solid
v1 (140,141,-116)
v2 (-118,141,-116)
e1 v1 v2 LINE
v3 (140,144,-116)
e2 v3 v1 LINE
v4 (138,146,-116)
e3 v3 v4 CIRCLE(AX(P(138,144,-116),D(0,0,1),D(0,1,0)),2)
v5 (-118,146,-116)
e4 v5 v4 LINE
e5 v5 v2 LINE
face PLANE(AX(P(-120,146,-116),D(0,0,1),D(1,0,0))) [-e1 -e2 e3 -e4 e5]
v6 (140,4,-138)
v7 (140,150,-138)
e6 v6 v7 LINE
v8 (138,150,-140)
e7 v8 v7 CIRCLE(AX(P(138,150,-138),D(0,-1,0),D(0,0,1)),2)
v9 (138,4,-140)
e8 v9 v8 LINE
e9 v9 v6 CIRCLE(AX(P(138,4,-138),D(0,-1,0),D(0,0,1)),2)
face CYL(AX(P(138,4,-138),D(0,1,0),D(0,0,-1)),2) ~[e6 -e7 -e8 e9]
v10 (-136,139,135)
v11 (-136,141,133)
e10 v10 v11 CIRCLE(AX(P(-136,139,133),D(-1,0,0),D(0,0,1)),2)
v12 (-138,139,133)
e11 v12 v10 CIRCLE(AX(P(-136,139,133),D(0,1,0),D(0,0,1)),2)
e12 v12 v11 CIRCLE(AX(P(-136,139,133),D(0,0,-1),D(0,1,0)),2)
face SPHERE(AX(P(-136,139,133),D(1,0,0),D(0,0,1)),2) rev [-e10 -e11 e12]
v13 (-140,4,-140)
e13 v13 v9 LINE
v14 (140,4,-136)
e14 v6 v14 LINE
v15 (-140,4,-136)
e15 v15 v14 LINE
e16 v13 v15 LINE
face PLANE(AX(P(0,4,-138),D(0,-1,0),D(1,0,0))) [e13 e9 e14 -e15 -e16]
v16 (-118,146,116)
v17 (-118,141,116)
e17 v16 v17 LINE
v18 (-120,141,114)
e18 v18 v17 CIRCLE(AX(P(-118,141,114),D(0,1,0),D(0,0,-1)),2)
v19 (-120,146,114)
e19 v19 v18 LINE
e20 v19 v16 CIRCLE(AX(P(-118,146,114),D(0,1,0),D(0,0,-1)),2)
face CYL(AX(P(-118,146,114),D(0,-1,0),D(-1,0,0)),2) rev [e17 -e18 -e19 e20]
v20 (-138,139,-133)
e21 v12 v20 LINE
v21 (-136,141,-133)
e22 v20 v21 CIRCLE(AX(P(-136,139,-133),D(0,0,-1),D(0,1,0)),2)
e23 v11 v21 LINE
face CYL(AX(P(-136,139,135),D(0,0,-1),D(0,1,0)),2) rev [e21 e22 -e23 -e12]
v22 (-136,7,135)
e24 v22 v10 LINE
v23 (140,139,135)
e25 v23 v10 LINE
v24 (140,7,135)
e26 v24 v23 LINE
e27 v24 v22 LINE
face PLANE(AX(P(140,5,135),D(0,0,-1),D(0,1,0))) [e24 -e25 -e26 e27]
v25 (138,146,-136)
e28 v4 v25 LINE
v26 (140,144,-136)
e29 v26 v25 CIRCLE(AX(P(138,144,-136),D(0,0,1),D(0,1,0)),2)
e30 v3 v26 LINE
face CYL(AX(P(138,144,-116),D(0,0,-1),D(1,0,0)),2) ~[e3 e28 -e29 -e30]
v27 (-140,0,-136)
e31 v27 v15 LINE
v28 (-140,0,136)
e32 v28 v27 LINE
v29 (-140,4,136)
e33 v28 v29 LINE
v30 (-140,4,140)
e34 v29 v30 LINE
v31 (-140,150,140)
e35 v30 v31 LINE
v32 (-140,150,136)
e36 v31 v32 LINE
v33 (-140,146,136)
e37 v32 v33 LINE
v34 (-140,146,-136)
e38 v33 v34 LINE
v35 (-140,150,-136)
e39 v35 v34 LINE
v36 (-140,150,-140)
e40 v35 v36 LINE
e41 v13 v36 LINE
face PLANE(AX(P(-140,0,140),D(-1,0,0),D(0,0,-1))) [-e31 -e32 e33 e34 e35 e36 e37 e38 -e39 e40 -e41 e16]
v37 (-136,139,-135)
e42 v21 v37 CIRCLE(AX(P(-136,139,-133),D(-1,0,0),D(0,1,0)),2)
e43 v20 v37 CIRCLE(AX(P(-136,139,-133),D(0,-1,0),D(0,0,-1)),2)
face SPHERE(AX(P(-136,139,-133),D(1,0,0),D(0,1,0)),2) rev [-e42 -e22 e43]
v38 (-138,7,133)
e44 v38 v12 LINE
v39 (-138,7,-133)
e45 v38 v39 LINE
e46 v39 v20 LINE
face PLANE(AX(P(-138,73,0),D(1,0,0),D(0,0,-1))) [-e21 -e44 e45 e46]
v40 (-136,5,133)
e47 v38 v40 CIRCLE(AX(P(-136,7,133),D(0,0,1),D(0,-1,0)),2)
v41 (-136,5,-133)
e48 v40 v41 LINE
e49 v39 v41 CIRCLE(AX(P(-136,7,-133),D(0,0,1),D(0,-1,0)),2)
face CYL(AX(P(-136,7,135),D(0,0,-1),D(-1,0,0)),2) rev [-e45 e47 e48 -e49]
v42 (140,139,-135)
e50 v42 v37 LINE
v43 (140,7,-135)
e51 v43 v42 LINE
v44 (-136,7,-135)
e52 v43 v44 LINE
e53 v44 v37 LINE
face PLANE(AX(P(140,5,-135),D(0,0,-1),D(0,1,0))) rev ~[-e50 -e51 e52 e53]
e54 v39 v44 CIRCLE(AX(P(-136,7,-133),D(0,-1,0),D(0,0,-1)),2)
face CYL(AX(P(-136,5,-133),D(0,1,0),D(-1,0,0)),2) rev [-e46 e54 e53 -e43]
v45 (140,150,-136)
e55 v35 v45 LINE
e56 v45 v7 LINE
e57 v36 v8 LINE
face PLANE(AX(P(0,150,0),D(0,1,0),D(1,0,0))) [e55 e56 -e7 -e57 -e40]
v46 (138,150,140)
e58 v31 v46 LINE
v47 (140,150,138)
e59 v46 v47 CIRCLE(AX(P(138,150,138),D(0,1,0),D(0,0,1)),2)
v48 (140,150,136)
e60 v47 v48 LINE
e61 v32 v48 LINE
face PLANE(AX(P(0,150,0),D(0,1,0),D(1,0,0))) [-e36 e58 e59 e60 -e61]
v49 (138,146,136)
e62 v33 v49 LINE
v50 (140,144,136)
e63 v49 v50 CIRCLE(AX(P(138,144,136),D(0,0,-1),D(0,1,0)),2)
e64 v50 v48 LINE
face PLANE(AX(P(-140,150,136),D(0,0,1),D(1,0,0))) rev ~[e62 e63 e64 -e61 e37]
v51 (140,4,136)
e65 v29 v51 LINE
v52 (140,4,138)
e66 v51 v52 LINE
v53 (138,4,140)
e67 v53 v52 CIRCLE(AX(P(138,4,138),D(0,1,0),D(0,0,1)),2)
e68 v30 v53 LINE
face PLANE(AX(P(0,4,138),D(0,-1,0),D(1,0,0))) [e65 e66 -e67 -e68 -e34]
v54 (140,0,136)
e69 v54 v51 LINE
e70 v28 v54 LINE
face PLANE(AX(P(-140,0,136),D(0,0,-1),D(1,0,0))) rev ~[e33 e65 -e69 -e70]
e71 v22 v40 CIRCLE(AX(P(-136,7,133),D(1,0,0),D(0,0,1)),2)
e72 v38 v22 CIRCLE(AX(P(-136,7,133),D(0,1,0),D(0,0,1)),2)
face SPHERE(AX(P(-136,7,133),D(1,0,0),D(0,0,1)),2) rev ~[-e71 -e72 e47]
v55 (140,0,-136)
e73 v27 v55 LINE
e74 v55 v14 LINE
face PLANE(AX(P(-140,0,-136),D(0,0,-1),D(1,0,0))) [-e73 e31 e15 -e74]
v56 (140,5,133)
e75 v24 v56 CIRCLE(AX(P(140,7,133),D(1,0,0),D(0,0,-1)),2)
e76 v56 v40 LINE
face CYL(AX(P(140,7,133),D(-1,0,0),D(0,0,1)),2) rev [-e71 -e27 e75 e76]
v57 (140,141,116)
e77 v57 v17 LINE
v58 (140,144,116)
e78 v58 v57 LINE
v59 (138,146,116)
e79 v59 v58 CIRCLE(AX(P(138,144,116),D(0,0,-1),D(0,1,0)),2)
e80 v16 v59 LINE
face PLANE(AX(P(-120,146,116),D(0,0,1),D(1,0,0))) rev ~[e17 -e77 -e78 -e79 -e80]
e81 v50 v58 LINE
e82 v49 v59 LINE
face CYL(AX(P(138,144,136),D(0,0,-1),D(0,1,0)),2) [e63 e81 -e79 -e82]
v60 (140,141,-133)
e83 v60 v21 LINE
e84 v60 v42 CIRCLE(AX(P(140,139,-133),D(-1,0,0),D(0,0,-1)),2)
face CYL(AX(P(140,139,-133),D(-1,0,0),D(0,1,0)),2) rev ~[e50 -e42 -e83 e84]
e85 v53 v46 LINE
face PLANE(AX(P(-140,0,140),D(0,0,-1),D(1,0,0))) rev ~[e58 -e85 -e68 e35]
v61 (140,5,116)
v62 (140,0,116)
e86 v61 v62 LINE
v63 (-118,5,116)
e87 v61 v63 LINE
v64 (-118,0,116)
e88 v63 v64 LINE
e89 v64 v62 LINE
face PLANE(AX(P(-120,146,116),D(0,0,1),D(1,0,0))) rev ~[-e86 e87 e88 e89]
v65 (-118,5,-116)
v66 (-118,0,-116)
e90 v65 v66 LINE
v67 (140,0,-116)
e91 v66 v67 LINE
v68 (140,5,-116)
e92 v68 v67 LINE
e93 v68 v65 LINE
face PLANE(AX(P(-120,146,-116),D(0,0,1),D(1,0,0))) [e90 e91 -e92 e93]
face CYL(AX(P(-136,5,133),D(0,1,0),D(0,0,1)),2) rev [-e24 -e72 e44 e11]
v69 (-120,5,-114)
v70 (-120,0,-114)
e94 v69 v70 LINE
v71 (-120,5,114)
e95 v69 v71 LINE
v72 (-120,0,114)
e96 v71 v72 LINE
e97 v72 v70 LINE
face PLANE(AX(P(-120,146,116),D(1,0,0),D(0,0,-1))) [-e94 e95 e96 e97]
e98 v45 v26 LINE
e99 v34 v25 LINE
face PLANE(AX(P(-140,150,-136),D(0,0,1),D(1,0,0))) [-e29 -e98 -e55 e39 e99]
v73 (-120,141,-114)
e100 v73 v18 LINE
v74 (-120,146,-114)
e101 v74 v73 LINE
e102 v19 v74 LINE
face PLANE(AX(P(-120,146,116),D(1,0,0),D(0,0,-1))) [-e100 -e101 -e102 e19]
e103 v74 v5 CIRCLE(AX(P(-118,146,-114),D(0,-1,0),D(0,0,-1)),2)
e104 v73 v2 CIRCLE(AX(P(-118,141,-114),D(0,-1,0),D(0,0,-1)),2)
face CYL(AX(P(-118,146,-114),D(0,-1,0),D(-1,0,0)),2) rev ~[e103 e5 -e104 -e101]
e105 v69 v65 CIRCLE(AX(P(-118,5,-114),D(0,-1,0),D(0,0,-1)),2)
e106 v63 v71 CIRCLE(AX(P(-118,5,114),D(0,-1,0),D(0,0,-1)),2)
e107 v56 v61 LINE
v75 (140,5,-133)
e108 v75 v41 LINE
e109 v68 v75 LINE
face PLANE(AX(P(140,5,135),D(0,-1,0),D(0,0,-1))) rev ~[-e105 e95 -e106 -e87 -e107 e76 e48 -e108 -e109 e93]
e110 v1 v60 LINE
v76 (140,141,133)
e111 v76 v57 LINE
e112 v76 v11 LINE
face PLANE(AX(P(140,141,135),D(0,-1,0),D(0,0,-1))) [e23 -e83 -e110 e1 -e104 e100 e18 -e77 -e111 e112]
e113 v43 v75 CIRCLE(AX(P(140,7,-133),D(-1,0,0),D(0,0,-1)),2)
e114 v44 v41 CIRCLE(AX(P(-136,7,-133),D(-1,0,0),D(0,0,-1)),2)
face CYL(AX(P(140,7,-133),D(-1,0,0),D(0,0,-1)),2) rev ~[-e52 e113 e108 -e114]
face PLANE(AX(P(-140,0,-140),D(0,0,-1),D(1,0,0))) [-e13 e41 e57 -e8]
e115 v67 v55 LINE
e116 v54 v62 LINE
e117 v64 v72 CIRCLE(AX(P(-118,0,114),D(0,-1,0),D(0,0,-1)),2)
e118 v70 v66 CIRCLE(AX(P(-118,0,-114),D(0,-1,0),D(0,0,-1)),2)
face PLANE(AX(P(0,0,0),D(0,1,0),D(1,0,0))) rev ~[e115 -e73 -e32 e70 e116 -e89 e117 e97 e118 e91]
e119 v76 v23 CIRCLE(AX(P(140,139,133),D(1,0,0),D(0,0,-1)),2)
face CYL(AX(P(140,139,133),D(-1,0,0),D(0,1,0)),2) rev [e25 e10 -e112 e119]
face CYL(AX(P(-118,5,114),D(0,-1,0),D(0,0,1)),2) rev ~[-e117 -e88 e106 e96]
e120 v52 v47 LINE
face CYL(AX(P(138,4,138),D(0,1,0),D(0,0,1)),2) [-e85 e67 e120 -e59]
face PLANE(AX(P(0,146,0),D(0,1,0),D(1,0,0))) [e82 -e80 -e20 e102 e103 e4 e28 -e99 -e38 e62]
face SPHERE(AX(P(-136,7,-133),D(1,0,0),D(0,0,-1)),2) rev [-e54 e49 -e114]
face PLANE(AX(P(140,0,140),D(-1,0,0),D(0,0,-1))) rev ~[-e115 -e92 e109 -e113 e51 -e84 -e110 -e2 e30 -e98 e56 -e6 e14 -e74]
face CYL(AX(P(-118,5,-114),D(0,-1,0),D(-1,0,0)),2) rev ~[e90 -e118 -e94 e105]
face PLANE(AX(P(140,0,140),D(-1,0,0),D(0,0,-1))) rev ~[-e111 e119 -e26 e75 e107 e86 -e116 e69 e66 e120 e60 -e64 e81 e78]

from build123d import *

# Parameters (mm, degrees)
SKETCH_1_W          = 280
SKETCH_1_H          = 280
EXTRUDE_1_DEPTH     = 150
SKETCH_2_W          = 280
SKETCH_2_H          = 272
CUT_EXTRUDE_1_DEPTH = 4
SKETCH_3_W          = 280
SKETCH_3_H          = 4
CUT_EXTRUDE_2_DEPTH = 4
SKETCH_4_W          = 270
SKETCH_4_H          = 136
CUT_EXTRUDE_3_DEPTH = 278
SKETCH_6_W          = 260
SKETCH_6_H          = 232
CUT_EXTRUDE_7_DEPTH = 247
FILLET_4_R          = 2
FILLET_5_R          = 2
FILLET_6_R          = 2
FILLET_7_R          = 2


with BuildPart() as part:
    # 草图1 → 凸台-拉伸1 (new body)
    with BuildSketch(Plane(origin=(0, 0, 0), x_dir=(1, 0, 0), z_dir=(0, 1, 0))):
        Rectangle(SKETCH_1_W, SKETCH_1_H)
    extrude(amount=EXTRUDE_1_DEPTH)

    # 草图2 → 切除-拉伸1 (cut)
    with BuildSketch(Plane(origin=(0, 150, 0), x_dir=(1, 0, 0), z_dir=(0, 1, 0))):
        Rectangle(SKETCH_2_W, SKETCH_2_H)
    extrude(amount=-CUT_EXTRUDE_1_DEPTH, mode=Mode.SUBTRACT)

    # 草图3 → 切除-拉伸2 (cut)
    with BuildSketch(Plane.XZ):
        with Locations((0, 138)):
            Rectangle(SKETCH_3_W, SKETCH_3_H)
        with Locations((0, -138)):
            Rectangle(SKETCH_3_W, SKETCH_3_H)
    extrude(amount=-CUT_EXTRUDE_2_DEPTH, mode=Mode.SUBTRACT)

    # 草图4 → 切除-拉伸3 (cut)
    with BuildSketch(Plane(origin=(140, 0, 0), x_dir=(0, 0, -1), z_dir=(1, 0, 0))):
        with Locations((0, 73)):
            Rectangle(SKETCH_4_W, SKETCH_4_H)
    extrude(amount=-CUT_EXTRUDE_3_DEPTH, mode=Mode.SUBTRACT)

    # 草图6 → 切除-拉伸7 (cut, through all)
    with BuildSketch(Plane(origin=(0, 146, 0), x_dir=(1, 0, 0), z_dir=(0, 1, 0))):
        with Locations((10, 0)):
            Rectangle(SKETCH_6_W, SKETCH_6_H)
    extrude(amount=-CUT_EXTRUDE_7_DEPTH, mode=Mode.SUBTRACT)

    # 圆角4
    fillet_4_edges = [part.edges().sort_by_distance(p)[0] for p in [
        (140, 77, -140),
        (140, 77, 140),
    ]]
    fillet(fillet_4_edges, radius=FILLET_4_R)

    # 圆角5
    fillet_5_edges = [part.edges().sort_by_distance(p)[0] for p in [
        (140, 146, 126),
        (140, 146, -126),
    ]]
    fillet(fillet_5_edges, radius=FILLET_5_R)

    # 圆角6
    fillet_6_edges = [part.edges().sort_by_distance(p)[0] for p in [
        (-120, 143.5, 116),
        (-120, 2.5, 116),
        (-120, 143.5, -116),
        (-120, 2.5, -116),
    ]]
    fillet(fillet_6_edges, radius=FILLET_6_R)

    # 圆角7
    fillet_7_edges = [part.edges().sort_by_distance(p)[0] for p in [
        (1, 5, 135),
        (1, 141, 135),
        (1, 141, -135),
        (1, 5, -135),
        (-138, 73, 135),
        (-138, 141, 0),
        (-138, 73, -135),
        (-138, 5, 0),
    ]]
    fillet(fillet_7_edges, radius=FILLET_7_R)


solid = part.part
